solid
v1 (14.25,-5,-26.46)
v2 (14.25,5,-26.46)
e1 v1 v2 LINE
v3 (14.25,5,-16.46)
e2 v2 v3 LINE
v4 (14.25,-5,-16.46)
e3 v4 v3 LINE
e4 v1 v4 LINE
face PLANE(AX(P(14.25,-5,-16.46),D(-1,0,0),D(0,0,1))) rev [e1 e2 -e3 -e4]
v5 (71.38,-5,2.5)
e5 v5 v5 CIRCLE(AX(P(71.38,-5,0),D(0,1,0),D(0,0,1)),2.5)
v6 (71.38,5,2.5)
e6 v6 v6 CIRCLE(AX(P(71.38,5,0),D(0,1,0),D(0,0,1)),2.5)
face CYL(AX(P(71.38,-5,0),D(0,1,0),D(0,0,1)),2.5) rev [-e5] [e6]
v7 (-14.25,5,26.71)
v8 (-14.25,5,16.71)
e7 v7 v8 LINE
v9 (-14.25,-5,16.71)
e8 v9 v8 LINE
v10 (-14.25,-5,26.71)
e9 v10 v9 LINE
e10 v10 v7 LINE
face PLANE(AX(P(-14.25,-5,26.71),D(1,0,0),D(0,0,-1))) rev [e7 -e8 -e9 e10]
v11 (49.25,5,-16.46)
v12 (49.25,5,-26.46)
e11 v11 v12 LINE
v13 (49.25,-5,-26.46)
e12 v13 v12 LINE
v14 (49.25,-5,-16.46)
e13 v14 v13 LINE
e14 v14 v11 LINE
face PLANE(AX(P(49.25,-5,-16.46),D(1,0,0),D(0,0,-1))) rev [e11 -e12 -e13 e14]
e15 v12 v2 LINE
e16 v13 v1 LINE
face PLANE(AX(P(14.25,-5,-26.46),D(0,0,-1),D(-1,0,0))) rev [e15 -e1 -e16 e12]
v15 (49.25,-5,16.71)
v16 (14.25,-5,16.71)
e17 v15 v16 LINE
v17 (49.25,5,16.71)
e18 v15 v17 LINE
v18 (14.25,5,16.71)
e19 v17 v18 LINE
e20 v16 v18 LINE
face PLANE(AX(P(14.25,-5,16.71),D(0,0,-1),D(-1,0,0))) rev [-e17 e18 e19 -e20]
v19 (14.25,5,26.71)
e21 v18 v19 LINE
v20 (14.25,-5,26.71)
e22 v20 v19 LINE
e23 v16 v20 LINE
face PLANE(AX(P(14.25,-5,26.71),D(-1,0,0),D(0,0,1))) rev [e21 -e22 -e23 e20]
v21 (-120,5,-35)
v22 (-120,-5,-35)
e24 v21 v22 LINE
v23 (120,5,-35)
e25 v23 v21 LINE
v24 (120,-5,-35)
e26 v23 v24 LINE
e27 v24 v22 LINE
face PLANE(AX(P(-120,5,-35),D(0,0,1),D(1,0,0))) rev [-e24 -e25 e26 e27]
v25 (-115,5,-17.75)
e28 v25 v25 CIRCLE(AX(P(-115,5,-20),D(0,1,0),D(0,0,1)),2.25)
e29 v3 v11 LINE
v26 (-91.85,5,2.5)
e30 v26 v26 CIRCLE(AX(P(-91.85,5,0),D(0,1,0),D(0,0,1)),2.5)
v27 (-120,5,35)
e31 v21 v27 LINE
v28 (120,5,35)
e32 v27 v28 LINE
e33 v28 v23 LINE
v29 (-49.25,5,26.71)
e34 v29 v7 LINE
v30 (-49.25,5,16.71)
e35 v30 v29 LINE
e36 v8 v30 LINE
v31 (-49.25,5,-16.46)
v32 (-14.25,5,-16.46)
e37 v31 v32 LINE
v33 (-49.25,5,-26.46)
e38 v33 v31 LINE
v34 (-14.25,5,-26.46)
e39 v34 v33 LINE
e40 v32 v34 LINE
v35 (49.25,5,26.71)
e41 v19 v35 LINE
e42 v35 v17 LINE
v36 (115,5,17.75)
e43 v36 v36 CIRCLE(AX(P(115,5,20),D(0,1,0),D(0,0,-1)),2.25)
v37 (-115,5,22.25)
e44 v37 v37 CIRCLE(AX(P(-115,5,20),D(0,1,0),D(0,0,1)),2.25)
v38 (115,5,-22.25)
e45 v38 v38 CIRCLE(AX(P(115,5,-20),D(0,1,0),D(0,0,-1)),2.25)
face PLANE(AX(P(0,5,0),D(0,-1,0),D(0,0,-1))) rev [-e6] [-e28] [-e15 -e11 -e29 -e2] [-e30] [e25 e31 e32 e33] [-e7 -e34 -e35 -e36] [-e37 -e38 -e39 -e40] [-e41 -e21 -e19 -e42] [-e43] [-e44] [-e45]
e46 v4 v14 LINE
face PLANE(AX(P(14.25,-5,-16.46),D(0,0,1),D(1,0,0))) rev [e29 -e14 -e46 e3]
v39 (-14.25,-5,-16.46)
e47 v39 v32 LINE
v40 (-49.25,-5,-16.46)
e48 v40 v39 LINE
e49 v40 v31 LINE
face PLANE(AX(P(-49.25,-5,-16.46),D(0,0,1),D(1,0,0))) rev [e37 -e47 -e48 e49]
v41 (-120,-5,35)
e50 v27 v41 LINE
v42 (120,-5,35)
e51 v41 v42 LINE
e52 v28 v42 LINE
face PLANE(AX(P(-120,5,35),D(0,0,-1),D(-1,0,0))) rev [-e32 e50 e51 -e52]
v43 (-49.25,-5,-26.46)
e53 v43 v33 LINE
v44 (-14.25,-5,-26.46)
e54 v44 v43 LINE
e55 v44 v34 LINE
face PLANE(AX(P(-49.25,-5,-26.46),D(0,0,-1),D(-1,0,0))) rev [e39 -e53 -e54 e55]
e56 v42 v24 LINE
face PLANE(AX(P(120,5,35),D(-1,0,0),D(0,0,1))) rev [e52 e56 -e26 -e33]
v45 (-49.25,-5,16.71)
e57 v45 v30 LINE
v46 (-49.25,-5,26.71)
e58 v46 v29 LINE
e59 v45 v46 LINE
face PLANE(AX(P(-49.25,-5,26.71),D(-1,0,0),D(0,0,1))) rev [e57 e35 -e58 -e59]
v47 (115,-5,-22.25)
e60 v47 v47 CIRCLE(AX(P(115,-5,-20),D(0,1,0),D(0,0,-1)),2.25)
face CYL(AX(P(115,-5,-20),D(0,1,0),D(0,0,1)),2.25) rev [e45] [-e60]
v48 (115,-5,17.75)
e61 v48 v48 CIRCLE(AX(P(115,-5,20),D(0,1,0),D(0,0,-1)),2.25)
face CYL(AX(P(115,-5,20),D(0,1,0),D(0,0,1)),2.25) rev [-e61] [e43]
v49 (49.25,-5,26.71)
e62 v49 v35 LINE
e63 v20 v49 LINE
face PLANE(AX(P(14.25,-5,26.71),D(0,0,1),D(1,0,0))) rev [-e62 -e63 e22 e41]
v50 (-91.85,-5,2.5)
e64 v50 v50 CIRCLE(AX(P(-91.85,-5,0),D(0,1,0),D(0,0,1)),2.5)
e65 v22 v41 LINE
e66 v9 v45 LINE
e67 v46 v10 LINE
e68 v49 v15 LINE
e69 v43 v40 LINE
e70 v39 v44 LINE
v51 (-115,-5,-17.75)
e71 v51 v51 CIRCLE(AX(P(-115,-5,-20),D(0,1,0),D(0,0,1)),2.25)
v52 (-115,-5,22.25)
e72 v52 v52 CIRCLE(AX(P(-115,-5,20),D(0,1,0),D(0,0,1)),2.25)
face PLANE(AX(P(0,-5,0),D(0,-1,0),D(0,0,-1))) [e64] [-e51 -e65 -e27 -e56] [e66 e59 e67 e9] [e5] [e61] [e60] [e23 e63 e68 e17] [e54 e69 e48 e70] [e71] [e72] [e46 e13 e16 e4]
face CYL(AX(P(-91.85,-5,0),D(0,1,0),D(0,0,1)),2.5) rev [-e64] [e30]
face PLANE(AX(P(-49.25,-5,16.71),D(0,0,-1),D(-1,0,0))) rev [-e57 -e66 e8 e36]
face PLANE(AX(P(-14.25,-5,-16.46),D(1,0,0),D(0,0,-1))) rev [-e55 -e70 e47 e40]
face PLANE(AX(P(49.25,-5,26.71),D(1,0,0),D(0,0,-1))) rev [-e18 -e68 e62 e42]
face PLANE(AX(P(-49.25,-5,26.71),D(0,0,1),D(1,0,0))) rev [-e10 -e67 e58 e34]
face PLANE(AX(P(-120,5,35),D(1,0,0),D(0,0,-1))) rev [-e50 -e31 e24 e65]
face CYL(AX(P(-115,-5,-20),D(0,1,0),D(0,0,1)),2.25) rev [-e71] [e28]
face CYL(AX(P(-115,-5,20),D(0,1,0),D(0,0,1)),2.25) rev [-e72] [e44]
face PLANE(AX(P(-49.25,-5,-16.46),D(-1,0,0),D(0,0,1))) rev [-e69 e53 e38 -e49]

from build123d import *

# Parameters (mm, degrees)
CROQUIS1_W              = 240
CROQUIS1_H              = 70
SALIENTE_EXTRUIR1_DEPTH = 5
CROQUIS2_R              = 2.25
CORTAR_EXTRUIR1_DEPTH   = 126.39936204
CROQUIS5_W              = 35
CROQUIS5_H              = 10
CORTAR_EXTRUIR4_DEPTH   = 126.39936204
CROQUIS6_R              = 2.5
CORTAR_EXTRUIR5_DEPTH   = 126.39936204


with BuildPart() as part:
    # Croquis1 → Saliente-Extruir1 (new, symmetric)
    with BuildSketch(Plane(origin=(0, 0, 0), x_dir=(1, 0, 0), z_dir=(0, 1, 0))):
        Rectangle(CROQUIS1_W, CROQUIS1_H)
    extrude(amount=SALIENTE_EXTRUIR1_DEPTH, both=True)

    # Croquis2 → Cortar-Extruir1 (cut, through all)
    with BuildSketch(Plane(origin=(0, 5, 0), x_dir=(1, 0, 0), z_dir=(0, 1, 0))):
        with Locations(Location((-115, 20, 0), (0, 0, 270))):
            Circle(CROQUIS2_R)
        with Locations(Location((-115, -20, 0), (0, 0, 270))):
            Circle(CROQUIS2_R)
        with Locations(Location((115, -20, 0), (0, 0, 90))):
            Circle(CROQUIS2_R)
        with Locations(Location((115, 20, 0), (0, 0, 90))):
            Circle(CROQUIS2_R)
    extrude(amount=-CORTAR_EXTRUIR1_DEPTH, mode=Mode.SUBTRACT)

    # Croquis5 → Cortar-Extruir4 (cut, through all)
    with BuildSketch(Plane(origin=(0, 5, 0), x_dir=(1, 0, 0), z_dir=(0, 1, 0))):
        with Locations((-31.75, 21.46)):
            Rectangle(CROQUIS5_W, CROQUIS5_H)
        with Locations((-31.75, -21.71)):
            Rectangle(CROQUIS5_W, CROQUIS5_H)
        with Locations((31.75, 21.46)):
            Rectangle(CROQUIS5_W, CROQUIS5_H)
        with Locations((31.75, -21.71)):
            Rectangle(CROQUIS5_W, CROQUIS5_H)
    extrude(amount=-CORTAR_EXTRUIR4_DEPTH, mode=Mode.SUBTRACT)

    # Croquis6 → Cortar-Extruir5 (cut, through all)
    with BuildSketch(Plane(origin=(0, 5, 0), x_dir=(1, 0, 0), z_dir=(0, 1, 0))):
        with Locations(Location((71.38, 0, 0), (0, 0, 270))):
            Circle(CROQUIS6_R)
        with Locations(Location((-91.85, 0, 0), (0, 0, 270))):
            Circle(CROQUIS6_R)
    extrude(amount=-CORTAR_EXTRUIR5_DEPTH, mode=Mode.SUBTRACT)


solid = part.part
